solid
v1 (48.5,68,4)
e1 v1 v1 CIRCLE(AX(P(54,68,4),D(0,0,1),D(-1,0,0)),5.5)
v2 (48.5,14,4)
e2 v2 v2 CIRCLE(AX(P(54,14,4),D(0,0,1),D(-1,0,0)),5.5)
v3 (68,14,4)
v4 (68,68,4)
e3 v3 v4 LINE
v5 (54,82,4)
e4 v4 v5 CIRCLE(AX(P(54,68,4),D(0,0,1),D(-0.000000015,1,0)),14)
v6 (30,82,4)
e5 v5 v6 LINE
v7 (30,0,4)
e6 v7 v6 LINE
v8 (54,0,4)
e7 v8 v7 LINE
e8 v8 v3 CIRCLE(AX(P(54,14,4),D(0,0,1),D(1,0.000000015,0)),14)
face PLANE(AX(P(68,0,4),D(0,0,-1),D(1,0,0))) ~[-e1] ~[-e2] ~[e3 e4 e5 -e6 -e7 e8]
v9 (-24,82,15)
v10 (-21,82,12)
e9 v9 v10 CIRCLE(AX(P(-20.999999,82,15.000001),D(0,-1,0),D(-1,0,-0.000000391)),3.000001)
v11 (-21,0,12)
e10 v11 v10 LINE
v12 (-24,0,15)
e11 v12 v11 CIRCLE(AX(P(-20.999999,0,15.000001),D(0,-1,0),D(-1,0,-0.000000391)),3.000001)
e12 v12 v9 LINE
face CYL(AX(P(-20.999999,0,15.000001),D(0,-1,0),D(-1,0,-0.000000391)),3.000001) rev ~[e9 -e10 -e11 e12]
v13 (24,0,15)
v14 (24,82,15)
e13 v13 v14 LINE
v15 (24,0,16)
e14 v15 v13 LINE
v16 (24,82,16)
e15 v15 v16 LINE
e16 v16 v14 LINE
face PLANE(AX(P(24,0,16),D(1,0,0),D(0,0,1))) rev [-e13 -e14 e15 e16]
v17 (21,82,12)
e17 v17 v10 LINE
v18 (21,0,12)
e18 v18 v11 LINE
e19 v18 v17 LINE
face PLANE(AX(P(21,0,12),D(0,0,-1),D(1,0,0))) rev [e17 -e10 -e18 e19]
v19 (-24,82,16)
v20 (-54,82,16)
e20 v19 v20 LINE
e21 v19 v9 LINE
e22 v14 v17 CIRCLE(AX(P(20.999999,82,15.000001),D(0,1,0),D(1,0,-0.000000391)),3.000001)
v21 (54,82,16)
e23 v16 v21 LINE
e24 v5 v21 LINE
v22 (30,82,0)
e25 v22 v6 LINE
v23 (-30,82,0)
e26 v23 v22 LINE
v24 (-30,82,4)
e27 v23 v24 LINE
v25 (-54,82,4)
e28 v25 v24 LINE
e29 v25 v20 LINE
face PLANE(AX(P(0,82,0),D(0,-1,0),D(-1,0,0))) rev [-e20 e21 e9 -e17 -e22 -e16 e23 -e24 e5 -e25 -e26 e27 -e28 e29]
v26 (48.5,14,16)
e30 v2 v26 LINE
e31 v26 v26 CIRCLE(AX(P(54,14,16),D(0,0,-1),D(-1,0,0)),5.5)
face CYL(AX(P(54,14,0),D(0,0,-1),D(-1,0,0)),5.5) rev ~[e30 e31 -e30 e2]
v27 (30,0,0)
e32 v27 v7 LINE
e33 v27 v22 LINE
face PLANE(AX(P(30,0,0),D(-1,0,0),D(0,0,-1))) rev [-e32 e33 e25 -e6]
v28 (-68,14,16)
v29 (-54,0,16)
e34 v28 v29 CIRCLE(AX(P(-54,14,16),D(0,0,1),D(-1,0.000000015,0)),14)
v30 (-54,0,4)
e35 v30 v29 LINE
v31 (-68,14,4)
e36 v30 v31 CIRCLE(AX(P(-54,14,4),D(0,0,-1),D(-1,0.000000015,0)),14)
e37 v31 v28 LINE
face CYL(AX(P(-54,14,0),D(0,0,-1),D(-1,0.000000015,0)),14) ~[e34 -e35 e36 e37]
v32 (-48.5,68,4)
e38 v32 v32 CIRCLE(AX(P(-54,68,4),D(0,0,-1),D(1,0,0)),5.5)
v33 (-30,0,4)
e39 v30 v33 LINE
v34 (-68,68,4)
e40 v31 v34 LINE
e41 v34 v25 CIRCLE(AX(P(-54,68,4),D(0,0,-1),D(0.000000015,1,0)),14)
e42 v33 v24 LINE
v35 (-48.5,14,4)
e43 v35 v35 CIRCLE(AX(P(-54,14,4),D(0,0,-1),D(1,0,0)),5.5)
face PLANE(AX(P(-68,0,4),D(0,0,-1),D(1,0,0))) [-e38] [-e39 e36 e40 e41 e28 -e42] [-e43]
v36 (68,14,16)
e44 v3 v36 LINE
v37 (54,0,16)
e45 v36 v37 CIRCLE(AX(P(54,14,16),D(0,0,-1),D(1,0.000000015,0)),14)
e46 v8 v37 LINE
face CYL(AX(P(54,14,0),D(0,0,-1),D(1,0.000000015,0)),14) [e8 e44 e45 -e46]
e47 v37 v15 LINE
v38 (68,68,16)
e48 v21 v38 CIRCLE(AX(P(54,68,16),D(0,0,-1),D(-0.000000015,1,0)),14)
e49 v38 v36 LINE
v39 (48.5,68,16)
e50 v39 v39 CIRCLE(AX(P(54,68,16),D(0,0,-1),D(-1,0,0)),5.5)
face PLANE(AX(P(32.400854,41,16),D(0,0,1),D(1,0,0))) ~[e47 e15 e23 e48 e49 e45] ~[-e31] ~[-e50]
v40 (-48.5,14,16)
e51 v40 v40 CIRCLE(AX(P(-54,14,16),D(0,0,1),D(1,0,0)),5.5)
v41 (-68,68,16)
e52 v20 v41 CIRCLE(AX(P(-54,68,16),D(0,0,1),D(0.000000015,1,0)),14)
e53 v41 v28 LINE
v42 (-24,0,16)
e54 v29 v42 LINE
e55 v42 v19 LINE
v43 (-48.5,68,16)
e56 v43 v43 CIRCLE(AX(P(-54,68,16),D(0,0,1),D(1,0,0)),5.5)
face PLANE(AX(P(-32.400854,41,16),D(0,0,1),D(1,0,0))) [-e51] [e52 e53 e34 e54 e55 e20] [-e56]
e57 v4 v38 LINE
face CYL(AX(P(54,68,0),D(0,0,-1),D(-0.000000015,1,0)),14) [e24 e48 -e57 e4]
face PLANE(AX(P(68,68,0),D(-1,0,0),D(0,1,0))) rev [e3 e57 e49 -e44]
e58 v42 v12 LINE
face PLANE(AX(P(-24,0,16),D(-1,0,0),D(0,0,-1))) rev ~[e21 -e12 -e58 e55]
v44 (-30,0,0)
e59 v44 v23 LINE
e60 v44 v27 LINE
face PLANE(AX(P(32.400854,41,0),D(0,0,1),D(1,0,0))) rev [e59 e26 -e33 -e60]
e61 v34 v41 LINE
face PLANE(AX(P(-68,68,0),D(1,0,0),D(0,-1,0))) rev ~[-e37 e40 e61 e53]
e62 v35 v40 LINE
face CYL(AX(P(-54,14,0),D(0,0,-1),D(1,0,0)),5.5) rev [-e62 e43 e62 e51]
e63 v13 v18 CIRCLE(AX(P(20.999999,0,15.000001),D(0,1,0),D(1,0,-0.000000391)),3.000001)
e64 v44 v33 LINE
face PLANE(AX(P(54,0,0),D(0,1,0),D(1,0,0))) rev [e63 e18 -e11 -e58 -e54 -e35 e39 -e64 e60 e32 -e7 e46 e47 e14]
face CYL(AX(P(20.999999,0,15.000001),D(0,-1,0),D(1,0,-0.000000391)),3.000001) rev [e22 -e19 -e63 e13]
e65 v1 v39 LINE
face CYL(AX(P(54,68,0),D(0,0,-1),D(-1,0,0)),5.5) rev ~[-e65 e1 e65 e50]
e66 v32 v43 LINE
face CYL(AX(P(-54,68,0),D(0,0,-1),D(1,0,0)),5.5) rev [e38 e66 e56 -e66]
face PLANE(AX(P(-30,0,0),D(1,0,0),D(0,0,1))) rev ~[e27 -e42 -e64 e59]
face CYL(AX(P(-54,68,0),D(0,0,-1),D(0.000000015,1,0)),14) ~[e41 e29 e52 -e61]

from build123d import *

# Parameters (mm, degrees)
F0_R     = 5.5
F1_DEPTH = 16
F2_W     = 38
F2_H     = 4
F3_DEPTH = 82.001
F5_DEPTH = 82.001


with BuildPart() as f1:
    # F0 (on Top) → F1 (new body)
    with BuildSketch(Plane.XY):
        with BuildLine():
            Line((-54, 0), (0, 0))
            Line((0, 0), (0, 82))
            Line((0, 82), (-54, 82))
            ThreePointArc((-54, 82), (-63.899495, 77.899495), (-68, 68))
            Line((-68, 68), (-68, 14))
            ThreePointArc((-68, 14), (-63.899495, 4.100505), (-54, 0))
        make_face()
        with Locations((-54, 14)):
            Circle(F0_R, mode=Mode.SUBTRACT)
        with Locations((-54, 68)):
            Circle(F0_R, mode=Mode.SUBTRACT)
    extrude(amount=F1_DEPTH)

    # F2 (on Front) → F3 (cut, through all)
    with BuildSketch(Plane.XZ):
        with Locations((-49, 2)):
            Rectangle(F2_W, F2_H)
    extrude(amount=-F3_DEPTH, mode=Mode.SUBTRACT)

    # F4 (on Front) → F5 (cut, through all)
    with BuildSketch(Plane.XZ):
        with BuildLine():
            Line((0, 16), (-24, 16))
            Line((-24, 16), (-24, 15))
            ThreePointArc((-24, 15), (-23.12132, 12.87868), (-21, 12))
            Line((-21, 12), (0, 12))
            Line((0, 12), (0, 16))
        make_face()
    extrude(amount=-F5_DEPTH, mode=Mode.SUBTRACT)

    # F6: F1 across plane


with BuildPart() as f1_1:
    add(f1.part)
    add(f1.part.mirror(Plane.YZ))


solid = f1_1.part
